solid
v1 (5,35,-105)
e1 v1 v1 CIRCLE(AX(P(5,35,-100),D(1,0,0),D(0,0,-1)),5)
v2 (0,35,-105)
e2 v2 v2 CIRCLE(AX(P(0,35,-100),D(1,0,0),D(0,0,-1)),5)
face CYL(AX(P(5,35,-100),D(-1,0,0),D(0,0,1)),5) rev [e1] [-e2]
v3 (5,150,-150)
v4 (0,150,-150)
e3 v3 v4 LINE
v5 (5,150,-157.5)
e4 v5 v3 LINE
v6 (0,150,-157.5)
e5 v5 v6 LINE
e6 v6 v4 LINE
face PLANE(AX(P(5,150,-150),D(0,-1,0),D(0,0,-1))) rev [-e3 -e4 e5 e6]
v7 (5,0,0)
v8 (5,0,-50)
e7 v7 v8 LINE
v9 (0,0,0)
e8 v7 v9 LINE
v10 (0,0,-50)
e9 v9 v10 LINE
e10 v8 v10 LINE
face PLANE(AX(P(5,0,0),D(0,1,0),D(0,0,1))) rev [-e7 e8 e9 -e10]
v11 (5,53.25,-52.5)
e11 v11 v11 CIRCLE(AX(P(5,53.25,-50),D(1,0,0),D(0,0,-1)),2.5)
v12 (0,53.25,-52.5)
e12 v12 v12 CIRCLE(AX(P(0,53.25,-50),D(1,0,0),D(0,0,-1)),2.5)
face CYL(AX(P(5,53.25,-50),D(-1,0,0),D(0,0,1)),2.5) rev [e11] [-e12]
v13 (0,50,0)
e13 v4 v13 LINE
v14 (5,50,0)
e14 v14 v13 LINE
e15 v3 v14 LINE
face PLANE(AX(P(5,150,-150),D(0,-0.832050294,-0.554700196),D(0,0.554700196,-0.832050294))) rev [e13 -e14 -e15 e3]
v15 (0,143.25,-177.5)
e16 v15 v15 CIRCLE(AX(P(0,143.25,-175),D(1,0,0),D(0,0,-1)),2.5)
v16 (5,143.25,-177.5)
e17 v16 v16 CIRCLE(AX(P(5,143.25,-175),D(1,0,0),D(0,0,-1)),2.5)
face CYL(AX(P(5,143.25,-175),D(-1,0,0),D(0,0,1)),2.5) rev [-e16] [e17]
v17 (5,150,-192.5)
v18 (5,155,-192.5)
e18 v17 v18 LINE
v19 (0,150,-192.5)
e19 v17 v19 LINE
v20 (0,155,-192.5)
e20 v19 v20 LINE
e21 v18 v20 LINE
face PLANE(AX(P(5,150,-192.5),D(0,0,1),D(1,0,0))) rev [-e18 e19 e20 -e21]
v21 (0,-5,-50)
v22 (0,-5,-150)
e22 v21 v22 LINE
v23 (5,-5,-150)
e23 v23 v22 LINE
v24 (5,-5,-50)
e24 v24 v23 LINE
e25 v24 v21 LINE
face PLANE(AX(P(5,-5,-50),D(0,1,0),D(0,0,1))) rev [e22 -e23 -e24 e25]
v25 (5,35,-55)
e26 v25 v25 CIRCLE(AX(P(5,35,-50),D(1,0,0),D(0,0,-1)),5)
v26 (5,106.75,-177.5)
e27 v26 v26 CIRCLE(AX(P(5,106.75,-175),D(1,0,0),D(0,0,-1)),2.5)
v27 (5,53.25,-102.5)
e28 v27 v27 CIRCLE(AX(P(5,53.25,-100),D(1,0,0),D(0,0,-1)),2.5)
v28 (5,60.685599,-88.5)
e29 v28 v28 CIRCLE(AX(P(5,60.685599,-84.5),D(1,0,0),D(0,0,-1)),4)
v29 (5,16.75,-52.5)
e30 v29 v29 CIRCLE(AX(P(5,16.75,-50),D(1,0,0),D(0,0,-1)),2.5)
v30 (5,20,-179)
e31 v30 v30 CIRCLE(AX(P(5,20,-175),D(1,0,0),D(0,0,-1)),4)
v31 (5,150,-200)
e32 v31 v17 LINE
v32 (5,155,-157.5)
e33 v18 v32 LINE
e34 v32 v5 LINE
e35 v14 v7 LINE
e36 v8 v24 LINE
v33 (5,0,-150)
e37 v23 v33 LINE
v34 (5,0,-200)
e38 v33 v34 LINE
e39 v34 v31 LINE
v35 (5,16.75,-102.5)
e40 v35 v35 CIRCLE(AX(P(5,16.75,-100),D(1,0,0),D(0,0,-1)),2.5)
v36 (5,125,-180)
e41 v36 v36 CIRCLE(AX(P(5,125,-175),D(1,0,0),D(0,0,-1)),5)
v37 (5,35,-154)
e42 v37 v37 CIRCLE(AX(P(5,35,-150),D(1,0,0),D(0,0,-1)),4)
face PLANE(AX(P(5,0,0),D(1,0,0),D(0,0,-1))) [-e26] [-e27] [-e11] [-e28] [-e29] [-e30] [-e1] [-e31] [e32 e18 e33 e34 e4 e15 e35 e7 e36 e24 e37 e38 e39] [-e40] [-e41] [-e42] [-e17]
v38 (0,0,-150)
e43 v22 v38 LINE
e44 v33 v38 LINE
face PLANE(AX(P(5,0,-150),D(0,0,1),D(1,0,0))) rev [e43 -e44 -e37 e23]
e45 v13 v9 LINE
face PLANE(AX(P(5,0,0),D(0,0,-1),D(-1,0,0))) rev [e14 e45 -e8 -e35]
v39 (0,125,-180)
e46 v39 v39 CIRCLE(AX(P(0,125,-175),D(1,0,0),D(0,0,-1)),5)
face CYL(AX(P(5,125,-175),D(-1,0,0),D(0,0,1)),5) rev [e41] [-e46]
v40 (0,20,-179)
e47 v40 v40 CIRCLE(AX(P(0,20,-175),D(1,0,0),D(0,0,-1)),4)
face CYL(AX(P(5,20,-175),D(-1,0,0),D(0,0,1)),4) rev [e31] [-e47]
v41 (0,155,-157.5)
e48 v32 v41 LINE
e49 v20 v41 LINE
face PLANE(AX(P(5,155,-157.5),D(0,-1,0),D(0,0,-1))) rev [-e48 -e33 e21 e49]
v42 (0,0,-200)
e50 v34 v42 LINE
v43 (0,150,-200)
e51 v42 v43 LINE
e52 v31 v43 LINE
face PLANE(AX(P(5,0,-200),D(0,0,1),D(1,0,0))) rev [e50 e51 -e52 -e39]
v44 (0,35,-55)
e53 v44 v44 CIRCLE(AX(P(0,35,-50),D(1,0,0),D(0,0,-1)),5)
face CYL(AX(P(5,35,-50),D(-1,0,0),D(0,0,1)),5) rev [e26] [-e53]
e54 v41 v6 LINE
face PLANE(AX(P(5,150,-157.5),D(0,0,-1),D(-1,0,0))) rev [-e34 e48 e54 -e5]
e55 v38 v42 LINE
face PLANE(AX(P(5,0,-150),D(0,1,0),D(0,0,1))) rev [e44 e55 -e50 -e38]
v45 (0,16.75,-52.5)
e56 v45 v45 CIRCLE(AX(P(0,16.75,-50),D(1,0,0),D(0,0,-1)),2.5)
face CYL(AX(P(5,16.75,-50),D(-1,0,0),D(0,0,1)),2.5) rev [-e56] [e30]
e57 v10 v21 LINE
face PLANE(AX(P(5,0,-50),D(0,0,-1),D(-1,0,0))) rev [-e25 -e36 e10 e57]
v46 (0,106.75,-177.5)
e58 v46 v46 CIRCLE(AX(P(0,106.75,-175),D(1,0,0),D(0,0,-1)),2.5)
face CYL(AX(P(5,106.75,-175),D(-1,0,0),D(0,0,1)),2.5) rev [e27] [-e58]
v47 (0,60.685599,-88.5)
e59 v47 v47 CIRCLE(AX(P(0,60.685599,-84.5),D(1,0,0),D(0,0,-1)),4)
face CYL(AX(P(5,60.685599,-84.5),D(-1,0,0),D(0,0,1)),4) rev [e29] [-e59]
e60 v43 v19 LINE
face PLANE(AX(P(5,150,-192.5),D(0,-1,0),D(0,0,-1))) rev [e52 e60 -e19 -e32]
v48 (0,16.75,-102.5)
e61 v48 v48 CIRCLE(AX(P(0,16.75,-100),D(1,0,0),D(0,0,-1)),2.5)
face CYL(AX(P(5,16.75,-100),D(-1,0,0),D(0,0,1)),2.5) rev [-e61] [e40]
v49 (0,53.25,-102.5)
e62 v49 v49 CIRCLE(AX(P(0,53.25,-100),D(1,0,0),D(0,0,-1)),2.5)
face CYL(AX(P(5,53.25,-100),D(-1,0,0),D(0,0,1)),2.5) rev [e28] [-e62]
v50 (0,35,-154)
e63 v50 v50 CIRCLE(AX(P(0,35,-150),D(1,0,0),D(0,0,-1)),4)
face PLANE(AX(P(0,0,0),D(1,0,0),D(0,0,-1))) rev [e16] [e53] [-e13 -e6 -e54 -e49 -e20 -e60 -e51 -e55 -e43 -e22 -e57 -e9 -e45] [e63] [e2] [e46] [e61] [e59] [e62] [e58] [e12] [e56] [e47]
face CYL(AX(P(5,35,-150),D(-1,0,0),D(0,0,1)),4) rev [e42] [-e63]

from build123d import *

# Parameters (mm, degrees)
CROQUIS1_R              = 5
CROQUIS1_R_2            = 4
CROQUIS1_R_3            = 2.5
SALIENTE_EXTRUIR1_DEPTH = 5


with BuildPart() as part:
    # Croquis1 → Saliente-Extruir1 (new body)
    with BuildSketch(Plane(origin=(0, 0, 0), x_dir=(0, 0, -1), z_dir=(1, 0, 0))):
        Polygon((150, 150), (0, 50), (0, 0), (50, 0), (50, -5), (150, -5), (150, 0), (200, 0), (200, 150), (192.5, 150), (192.5, 155), (157.5, 155), (157.5, 150), align=None)
        with Locations((175, 125)):
            Circle(CROQUIS1_R, mode=Mode.SUBTRACT)
        with Locations((175, 20)):
            Circle(CROQUIS1_R_2, mode=Mode.SUBTRACT)
        with Locations((150, 35)):
            Circle(CROQUIS1_R_2, mode=Mode.SUBTRACT)
        with Locations((175, 143.25)):
            Circle(CROQUIS1_R_3, mode=Mode.SUBTRACT)
        with Locations((175, 106.75)):
            Circle(CROQUIS1_R_3, mode=Mode.SUBTRACT)
        with Locations((100, 35)):
            Circle(CROQUIS1_R, mode=Mode.SUBTRACT)
        with Locations((84.5, 60.685599078)):
            Circle(CROQUIS1_R_2, mode=Mode.SUBTRACT)
        with Locations((100, 53.25)):
            Circle(CROQUIS1_R_3, mode=Mode.SUBTRACT)
        with Locations((100, 16.75)):
            Circle(CROQUIS1_R_3, mode=Mode.SUBTRACT)
        with Locations((50, 35)):
            Circle(CROQUIS1_R, mode=Mode.SUBTRACT)
        with Locations((50, 53.25)):
            Circle(CROQUIS1_R_3, mode=Mode.SUBTRACT)
        with Locations((50, 16.75)):
            Circle(CROQUIS1_R_3, mode=Mode.SUBTRACT)
    extrude(amount=SALIENTE_EXTRUIR1_DEPTH)


solid = part.part
